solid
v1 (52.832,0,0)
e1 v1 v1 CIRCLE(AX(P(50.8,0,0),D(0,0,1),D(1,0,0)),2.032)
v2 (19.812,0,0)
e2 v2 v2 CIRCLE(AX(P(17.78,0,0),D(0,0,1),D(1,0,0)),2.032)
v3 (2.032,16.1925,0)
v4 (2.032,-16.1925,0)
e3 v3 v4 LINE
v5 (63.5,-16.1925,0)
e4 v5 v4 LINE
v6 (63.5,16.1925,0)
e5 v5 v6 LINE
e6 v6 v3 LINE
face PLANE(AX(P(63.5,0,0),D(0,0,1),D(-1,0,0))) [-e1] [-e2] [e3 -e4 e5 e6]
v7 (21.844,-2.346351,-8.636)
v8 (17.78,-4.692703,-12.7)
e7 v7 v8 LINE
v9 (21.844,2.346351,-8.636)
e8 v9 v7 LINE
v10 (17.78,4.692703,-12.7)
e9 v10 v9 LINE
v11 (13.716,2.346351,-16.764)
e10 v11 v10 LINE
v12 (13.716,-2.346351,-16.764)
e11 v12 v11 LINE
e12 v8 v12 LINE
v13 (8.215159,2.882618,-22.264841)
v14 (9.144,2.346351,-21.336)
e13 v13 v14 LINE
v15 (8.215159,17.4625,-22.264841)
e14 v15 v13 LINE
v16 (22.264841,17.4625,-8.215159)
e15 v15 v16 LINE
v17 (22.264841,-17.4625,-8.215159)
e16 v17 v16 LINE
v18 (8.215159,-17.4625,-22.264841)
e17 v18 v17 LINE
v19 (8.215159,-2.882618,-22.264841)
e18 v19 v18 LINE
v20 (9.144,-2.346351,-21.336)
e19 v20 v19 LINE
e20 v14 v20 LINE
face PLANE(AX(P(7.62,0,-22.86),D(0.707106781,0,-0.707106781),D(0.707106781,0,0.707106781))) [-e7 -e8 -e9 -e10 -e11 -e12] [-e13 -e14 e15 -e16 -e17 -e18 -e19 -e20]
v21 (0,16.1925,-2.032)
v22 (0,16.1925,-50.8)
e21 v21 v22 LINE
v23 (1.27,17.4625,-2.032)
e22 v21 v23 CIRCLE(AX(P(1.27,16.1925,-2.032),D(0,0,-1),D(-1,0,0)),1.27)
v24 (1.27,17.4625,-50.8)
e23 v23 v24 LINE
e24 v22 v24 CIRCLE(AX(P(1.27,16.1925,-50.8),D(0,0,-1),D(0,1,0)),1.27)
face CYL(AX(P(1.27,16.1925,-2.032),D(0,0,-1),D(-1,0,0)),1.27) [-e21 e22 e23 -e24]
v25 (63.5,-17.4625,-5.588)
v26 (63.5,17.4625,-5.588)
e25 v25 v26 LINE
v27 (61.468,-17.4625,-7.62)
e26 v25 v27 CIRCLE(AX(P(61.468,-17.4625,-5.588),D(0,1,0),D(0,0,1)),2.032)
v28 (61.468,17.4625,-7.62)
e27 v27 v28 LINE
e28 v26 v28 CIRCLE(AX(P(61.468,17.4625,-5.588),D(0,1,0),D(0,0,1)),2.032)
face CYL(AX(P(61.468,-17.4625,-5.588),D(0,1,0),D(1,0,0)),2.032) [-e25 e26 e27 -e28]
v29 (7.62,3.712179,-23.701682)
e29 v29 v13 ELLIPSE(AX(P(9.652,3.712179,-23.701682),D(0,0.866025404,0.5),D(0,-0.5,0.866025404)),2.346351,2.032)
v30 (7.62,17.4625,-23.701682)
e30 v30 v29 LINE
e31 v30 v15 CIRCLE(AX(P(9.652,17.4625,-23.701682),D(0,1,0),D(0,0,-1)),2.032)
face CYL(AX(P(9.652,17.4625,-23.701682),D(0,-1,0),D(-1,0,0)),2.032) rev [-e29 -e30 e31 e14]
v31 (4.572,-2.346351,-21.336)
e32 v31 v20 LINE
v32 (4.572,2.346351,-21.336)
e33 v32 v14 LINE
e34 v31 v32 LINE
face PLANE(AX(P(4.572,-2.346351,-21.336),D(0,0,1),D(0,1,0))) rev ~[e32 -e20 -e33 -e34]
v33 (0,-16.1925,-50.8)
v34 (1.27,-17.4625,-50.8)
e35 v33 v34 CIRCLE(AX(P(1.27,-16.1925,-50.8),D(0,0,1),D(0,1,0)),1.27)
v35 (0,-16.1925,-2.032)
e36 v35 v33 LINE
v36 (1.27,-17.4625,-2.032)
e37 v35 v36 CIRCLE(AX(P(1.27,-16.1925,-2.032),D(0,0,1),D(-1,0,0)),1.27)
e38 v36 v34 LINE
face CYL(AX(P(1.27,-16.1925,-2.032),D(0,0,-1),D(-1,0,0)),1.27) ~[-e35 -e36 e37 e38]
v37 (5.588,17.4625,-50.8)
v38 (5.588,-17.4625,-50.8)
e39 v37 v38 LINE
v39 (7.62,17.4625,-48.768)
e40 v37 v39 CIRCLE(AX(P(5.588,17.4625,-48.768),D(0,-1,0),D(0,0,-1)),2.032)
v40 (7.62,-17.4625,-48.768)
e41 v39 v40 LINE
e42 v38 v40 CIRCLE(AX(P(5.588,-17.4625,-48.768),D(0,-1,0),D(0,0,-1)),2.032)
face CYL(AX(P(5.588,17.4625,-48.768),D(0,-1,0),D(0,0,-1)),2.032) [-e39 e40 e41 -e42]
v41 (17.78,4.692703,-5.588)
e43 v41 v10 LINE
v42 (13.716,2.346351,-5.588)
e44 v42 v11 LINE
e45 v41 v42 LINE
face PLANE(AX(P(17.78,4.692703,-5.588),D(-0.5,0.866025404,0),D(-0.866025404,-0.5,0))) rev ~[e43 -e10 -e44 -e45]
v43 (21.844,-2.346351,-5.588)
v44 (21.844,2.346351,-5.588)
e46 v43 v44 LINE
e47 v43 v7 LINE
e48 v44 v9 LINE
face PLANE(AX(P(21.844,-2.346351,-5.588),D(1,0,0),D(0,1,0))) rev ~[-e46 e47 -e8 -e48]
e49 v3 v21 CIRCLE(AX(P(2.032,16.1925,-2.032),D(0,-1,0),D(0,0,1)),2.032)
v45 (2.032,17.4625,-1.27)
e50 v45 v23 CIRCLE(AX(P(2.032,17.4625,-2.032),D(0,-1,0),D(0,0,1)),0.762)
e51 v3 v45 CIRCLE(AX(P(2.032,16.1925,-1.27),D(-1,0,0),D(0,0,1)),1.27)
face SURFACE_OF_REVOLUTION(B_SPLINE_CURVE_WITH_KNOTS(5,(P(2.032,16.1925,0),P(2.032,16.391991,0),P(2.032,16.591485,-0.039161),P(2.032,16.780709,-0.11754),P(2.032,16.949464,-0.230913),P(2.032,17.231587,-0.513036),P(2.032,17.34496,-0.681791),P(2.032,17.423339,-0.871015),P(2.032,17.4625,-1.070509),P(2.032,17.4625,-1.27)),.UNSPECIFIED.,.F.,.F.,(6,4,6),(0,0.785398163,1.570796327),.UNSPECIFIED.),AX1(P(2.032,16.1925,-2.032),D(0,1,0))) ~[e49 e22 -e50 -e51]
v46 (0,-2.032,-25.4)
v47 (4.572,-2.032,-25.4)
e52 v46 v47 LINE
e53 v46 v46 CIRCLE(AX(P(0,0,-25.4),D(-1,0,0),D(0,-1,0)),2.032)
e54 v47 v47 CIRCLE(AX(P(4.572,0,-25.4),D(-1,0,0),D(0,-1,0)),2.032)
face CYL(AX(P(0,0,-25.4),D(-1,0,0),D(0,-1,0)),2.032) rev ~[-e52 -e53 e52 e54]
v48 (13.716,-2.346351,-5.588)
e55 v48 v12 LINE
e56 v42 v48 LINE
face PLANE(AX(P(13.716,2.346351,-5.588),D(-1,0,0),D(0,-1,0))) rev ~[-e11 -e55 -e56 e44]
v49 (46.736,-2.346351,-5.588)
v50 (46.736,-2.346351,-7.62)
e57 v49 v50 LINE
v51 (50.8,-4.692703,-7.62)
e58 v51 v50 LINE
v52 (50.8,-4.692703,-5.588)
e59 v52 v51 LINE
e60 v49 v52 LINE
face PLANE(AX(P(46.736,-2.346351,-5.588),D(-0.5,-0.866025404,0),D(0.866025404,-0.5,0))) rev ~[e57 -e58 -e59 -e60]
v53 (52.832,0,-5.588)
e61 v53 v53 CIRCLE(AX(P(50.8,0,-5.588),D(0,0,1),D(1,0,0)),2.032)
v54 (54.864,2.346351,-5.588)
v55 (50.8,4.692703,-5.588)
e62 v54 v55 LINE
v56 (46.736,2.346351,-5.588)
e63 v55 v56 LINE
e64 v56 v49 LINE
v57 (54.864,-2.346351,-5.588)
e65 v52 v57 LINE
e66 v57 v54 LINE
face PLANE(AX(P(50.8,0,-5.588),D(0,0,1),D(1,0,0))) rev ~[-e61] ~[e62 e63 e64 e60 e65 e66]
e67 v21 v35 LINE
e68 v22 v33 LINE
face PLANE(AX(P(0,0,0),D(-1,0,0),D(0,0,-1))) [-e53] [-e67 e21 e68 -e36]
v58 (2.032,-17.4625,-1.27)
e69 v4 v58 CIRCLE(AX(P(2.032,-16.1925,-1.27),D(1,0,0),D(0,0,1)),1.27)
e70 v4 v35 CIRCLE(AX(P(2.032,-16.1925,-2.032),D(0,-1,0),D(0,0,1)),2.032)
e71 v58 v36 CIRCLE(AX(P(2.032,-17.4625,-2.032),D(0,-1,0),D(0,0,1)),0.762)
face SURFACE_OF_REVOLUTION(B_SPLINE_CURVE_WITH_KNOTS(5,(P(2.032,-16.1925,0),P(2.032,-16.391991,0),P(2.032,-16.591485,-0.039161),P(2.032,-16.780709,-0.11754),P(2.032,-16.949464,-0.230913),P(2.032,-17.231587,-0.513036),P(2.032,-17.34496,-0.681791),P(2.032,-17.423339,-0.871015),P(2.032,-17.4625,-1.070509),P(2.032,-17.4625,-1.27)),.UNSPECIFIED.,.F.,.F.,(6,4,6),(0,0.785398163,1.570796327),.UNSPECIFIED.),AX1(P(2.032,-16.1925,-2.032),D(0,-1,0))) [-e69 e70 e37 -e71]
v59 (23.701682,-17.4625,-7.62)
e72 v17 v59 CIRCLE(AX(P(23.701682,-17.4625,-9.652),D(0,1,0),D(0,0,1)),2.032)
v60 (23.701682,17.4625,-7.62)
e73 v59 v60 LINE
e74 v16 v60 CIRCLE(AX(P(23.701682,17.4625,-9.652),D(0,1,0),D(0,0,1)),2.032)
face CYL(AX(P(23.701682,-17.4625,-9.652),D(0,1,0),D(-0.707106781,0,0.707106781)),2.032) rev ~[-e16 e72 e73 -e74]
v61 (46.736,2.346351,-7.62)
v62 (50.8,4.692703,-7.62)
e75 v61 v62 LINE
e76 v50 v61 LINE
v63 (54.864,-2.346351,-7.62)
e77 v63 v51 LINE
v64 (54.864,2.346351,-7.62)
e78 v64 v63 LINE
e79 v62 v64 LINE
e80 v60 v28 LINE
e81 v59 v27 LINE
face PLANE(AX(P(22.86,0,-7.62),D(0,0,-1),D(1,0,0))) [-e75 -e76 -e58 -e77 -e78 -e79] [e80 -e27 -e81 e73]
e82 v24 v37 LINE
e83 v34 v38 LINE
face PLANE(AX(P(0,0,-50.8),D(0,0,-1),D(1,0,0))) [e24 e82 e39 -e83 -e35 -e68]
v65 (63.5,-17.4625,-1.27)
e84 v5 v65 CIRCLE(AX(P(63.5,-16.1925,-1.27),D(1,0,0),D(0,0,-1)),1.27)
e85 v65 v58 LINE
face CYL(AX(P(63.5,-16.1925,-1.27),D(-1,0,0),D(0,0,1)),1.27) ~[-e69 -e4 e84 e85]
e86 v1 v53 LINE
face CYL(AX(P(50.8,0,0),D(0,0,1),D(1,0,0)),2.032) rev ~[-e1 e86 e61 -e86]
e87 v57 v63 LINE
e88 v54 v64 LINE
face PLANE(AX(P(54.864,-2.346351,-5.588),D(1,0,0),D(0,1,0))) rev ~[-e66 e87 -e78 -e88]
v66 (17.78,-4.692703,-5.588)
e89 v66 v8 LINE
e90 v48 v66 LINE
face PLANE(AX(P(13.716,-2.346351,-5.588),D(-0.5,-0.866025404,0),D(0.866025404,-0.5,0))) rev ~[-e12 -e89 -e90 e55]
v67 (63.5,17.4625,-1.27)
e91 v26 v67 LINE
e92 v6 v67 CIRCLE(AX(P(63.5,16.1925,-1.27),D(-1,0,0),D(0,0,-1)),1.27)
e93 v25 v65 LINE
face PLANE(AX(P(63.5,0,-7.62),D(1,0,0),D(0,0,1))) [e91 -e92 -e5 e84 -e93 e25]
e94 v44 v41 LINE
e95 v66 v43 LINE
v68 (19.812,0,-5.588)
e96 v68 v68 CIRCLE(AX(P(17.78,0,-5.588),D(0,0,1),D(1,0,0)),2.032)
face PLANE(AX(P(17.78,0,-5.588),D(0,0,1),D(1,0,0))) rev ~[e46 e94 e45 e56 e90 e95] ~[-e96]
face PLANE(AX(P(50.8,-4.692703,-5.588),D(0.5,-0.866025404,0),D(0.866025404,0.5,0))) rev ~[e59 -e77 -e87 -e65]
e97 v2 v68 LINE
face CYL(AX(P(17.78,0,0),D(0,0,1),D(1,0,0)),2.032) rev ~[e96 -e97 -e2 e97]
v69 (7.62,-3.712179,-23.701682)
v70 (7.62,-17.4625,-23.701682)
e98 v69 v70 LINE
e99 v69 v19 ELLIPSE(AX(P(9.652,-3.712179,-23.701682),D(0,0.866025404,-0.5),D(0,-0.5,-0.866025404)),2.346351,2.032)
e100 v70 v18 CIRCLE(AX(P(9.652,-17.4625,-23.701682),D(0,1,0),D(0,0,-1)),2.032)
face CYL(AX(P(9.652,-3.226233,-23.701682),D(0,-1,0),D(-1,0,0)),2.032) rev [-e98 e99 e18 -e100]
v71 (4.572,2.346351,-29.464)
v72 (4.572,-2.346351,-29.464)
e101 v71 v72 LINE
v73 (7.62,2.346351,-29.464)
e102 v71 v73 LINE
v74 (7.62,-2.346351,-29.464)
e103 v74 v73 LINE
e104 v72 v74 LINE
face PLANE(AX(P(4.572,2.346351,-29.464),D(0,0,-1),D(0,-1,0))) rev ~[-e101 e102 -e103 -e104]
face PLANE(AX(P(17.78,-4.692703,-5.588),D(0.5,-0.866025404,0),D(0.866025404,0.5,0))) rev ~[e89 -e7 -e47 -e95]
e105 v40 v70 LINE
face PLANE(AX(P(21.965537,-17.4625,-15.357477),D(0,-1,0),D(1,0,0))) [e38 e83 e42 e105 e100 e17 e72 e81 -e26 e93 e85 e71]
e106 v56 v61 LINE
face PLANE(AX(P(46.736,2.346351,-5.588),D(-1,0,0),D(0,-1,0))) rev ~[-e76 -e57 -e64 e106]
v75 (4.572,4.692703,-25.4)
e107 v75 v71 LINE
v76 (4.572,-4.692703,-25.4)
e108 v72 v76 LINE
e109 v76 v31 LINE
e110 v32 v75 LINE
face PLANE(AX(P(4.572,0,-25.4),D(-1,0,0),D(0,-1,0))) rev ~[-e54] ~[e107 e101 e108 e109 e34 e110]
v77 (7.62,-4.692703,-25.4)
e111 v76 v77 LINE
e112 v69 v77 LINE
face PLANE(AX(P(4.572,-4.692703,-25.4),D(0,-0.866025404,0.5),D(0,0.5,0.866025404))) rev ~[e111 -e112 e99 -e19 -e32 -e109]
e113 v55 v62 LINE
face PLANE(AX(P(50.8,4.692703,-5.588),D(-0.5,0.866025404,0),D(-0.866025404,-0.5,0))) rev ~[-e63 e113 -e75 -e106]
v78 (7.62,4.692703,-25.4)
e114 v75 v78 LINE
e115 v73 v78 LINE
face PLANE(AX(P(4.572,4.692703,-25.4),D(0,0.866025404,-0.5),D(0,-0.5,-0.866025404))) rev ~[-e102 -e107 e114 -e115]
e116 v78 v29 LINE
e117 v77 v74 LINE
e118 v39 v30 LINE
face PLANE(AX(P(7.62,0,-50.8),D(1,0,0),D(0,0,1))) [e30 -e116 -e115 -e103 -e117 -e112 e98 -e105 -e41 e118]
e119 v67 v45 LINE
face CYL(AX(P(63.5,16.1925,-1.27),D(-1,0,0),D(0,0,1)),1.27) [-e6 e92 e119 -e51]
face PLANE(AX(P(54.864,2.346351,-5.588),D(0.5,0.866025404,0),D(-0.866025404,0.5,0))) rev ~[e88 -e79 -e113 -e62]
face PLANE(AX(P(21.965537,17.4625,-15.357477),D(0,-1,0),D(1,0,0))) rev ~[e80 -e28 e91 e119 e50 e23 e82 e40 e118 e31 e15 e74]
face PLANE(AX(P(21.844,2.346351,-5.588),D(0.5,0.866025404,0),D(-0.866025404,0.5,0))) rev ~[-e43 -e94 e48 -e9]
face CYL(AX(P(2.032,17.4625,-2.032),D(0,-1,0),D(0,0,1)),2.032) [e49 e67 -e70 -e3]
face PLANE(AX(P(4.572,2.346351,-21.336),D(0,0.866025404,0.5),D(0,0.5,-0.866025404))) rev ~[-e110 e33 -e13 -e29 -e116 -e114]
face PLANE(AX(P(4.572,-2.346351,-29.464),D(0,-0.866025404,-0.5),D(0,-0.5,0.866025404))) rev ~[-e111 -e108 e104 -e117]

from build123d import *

# Parameters (mm, degrees)
F1_DEPTH = 17.4625
F2_R     = 2.032
F4_DEPTH = 25.4
F5_START = -5.588
F5_DEPTH = 19.812
F3_R     = 2.032
F6_DEPTH = 25.4
F7_START = -4.572
F7_DEPTH = 20.828
F8_R     = 2.032
F9_R     = 1.27


with BuildPart() as f1:
    # F0 (on Front) → F1 (new body, symmetric)
    with BuildSketch(Plane.XZ):
        Polygon((63.5, 0), (0, 0), (0, -50.8), (7.62, -50.8), (7.62, -22.86), (22.86, -7.62), (63.5, -7.62), align=None)
    extrude(amount=F1_DEPTH, both=True)

    # F2 (on face) → F4 (cut)
    with BuildSketch(Plane.XY):
        with Locations((17.78, 0)):
            Circle(F2_R)
        with Locations((50.8, 0)):
            Circle(F2_R)
    extrude(amount=-F4_DEPTH, mode=Mode.SUBTRACT)

    # F2 (on face) → F5 (cut)
    with BuildSketch(Plane.XY.offset(F5_START)):
        Polygon((21.844, 2.346351494), (17.78, 4.692702988), (13.716, 2.346351494), (13.716, -2.346351494), (17.78, -4.692702988), (21.844, -2.346351494), align=None)
        with Locations((17.78, 0)):
            Circle(F2_R, mode=Mode.SUBTRACT)
        Polygon((54.864, 2.346351494), (50.8, 4.692702988), (46.736, 2.346351494), (46.736, -2.346351494), (50.8, -4.692702988), (54.864, -2.346351494), align=None)
        with Locations((50.8, 0)):
            Circle(F2_R, mode=Mode.SUBTRACT)
    extrude(amount=-F5_DEPTH, mode=Mode.SUBTRACT)

    # F3 (on face) → F6 (cut)
    with BuildSketch(Plane(origin=(0, 0, 0), x_dir=(0, -1, 0), z_dir=(-1, 0, 0))):
        with Locations((0, -25.4)):
            Circle(F3_R)
    extrude(amount=-F6_DEPTH, mode=Mode.SUBTRACT)

    # F3 (on face) → F7 (cut)
    with BuildSketch(Plane(origin=(0, 0, 0), x_dir=(0, -1, 0), z_dir=(-1, 0, 0)).offset(F7_START)):
        Polygon((-2.346351494, -29.464), (2.346351494, -29.464), (4.692702988, -25.4), (2.346351494, -21.336), (-2.346351494, -21.336), (-4.692702988, -25.4), align=None)
        with Locations((0, -25.4)):
            Circle(F3_R, mode=Mode.SUBTRACT)
    extrude(amount=-F7_DEPTH, mode=Mode.SUBTRACT)

    # F8
    f8_edges = [f1.edges().sort_by_distance(p)[0] for p in [
        (63.5, 0, -7.62),
        (7.62, 0, -50.8),
        (7.62, -10.344367, -22.86),
        (7.62, 10.344367, -22.86),
        (22.86, 0, -7.62),
        (0, 0, 0),
    ]]
    fillet(f8_edges, radius=F8_R)

    # F9
    f9_edges = [f1.edges().sort_by_distance(p)[0] for p in [
        (32.766, -17.4625, 0),
        (32.766, 17.4625, 0),
    ]]
    fillet(f9_edges, radius=F9_R)


solid = f1.part
